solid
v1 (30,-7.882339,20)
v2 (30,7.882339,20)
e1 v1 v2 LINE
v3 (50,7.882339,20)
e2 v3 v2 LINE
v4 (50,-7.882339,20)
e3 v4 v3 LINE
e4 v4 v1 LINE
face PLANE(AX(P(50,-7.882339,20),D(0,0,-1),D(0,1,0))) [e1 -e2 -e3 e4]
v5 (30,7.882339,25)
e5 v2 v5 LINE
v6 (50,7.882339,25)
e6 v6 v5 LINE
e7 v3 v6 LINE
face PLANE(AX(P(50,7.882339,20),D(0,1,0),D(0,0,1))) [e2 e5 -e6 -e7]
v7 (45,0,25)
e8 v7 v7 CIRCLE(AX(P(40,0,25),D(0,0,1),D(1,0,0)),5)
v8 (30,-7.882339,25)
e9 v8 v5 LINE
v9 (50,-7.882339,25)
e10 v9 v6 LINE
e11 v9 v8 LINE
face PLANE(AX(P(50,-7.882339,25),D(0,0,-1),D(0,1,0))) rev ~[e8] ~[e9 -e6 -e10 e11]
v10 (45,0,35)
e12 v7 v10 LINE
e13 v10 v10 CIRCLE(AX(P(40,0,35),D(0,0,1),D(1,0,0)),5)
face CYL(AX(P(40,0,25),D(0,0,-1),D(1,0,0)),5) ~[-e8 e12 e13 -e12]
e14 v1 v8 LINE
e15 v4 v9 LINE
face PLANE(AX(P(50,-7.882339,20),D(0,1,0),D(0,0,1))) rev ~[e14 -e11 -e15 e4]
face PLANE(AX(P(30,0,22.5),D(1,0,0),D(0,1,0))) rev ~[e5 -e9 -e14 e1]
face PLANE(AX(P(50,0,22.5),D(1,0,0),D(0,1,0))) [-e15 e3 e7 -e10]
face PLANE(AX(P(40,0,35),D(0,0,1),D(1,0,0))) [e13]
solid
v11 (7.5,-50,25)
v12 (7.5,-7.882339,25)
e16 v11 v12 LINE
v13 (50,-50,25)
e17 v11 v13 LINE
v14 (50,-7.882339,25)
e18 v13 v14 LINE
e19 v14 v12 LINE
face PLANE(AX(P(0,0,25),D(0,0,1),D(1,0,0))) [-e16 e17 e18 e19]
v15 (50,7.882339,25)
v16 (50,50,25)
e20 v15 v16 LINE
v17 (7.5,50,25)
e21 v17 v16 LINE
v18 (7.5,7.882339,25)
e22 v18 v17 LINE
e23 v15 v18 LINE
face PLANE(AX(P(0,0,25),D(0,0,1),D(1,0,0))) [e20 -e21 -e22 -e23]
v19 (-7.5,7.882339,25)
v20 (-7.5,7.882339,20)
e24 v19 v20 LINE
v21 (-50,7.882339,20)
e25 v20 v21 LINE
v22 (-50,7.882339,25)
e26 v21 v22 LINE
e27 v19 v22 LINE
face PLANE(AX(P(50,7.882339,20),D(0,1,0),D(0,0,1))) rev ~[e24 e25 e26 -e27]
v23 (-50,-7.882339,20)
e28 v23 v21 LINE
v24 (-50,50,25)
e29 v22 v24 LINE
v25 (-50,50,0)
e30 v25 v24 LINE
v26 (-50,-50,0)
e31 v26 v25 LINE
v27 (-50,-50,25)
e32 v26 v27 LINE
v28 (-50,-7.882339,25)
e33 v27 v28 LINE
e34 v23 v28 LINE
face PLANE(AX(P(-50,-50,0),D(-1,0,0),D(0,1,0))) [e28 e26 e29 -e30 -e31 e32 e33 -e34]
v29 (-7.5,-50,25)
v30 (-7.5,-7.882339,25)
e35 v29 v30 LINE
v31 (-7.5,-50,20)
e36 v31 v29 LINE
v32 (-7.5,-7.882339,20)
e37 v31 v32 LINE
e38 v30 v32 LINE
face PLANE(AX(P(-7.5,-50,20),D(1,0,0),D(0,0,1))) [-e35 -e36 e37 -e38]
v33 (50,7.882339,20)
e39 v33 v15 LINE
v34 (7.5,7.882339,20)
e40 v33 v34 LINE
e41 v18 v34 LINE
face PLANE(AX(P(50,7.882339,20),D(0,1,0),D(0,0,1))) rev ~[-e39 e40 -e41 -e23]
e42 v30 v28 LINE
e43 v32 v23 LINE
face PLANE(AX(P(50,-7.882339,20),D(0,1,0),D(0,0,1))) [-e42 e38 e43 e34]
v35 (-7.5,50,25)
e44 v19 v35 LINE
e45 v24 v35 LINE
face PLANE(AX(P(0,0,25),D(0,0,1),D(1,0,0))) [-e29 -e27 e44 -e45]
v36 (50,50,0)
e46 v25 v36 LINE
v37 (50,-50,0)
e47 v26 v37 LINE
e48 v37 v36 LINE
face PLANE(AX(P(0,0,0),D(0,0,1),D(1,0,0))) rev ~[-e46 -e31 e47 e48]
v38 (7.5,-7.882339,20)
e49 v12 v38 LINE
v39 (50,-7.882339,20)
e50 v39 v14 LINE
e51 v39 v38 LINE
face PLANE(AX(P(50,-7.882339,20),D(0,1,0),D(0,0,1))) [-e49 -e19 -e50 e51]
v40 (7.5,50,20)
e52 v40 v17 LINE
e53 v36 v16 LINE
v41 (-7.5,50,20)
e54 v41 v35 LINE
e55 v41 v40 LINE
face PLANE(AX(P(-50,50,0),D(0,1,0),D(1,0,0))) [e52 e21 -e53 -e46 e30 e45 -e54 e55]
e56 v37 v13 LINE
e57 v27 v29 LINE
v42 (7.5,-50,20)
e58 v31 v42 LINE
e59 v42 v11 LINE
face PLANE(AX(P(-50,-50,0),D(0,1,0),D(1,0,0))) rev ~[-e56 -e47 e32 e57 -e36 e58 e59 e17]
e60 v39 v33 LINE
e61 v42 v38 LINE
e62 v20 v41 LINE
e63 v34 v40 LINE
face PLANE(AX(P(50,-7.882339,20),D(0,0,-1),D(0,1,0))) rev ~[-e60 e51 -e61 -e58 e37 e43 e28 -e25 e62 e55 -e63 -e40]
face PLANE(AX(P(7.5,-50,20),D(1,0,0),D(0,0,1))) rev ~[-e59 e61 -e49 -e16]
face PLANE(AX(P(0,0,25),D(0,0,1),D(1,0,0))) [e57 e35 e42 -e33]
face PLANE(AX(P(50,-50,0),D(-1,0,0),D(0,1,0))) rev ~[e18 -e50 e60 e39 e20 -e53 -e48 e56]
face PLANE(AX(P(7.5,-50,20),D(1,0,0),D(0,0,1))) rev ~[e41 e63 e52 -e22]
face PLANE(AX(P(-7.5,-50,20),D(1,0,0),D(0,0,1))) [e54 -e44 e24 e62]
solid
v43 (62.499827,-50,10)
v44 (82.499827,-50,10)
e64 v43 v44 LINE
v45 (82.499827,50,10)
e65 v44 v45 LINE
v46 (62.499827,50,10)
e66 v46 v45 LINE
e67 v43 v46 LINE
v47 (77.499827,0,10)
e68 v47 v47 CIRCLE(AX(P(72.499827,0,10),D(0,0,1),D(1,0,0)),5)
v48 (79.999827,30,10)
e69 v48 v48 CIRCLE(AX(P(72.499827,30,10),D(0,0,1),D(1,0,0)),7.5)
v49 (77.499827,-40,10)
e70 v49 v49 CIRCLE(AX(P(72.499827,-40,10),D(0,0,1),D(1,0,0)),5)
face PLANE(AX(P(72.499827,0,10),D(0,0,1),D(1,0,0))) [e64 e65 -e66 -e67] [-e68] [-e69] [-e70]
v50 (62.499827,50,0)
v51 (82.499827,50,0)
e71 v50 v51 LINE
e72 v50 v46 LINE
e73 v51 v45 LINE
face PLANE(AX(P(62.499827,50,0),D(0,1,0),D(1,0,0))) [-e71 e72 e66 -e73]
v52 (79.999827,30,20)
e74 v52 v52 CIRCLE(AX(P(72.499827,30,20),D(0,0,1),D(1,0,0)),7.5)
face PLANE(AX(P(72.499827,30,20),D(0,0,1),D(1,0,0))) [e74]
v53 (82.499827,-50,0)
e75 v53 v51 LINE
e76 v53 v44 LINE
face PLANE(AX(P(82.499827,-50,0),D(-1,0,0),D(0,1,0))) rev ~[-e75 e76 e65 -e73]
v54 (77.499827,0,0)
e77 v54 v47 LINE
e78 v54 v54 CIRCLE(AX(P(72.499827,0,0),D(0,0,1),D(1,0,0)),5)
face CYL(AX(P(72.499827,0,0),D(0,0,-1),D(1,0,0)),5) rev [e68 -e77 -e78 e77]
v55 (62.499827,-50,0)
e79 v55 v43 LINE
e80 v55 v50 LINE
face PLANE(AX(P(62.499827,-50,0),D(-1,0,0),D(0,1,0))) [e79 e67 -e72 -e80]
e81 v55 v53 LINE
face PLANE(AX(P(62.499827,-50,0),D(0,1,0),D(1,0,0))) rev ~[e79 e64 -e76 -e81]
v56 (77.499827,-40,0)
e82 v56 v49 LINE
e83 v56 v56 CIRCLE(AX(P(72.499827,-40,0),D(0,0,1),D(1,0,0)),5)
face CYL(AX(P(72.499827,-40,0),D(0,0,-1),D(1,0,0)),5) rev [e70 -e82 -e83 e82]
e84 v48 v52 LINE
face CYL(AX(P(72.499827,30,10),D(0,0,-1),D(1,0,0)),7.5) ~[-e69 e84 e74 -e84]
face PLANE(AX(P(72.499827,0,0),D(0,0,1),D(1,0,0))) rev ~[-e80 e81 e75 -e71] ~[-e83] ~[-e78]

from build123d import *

# Parameters (mm, degrees)
F0_W      = 100
F0_H      = 100
F1_DEPTH  = 25
F2_W      = 15.764678
F2_H      = 5
F3_DEPTH  = 100
F4_W      = 15
F4_H      = 5
F5_DEPTH  = 100
F6_DEPTH  = 20
F7_R      = 5
F8_DEPTH  = 10
F9_W      = 20
F9_H      = 100
F9_R      = 5
F10_DEPTH = 10
F11_R     = 7.5
F12_DEPTH = 10


with BuildPart() as f1:
    # F0 (on Top) → F1 (new body)
    with BuildSketch(Plane.XY):
        Rectangle(F0_W, F0_H)
    extrude(amount=F1_DEPTH)

    # F2 (on face) → F3 (cut, through all)
    with BuildSketch(Plane.YZ.offset(50)):
        with Locations((0, 22.5)):
            Rectangle(F2_W, F2_H)
    extrude(amount=-F3_DEPTH, mode=Mode.SUBTRACT)

    # F4 (on face) → F5 (cut, through all)
    with BuildSketch(Plane.XZ.offset(50)):
        with Locations((0, 22.5)):
            Rectangle(F4_W, F4_H)
    extrude(amount=-F5_DEPTH, mode=Mode.SUBTRACT)


with BuildPart() as f6:
    # F2 (on face) → F6 (new body)
    with BuildSketch(Plane.YZ.offset(50)):
        with Locations((0, 22.5)):
            Rectangle(F2_W, F2_H)
    extrude(amount=-F6_DEPTH)

    # F7 (on face) → F8 (join)
    with BuildSketch(Plane.XY.offset(25)):
        with Locations((40, 0)):
            Circle(F7_R)
    extrude(amount=F8_DEPTH)


with BuildPart() as f10:
    # F9 (on Top) → F10 (new body)
    with BuildSketch(Plane.XY):
        with Locations((72.499827, 0)):
            Rectangle(F9_W, F9_H)
        with Locations((72.499827, -40)):
            Circle(F9_R, mode=Mode.SUBTRACT)
        with Locations((72.499827, 0)):
            Circle(F9_R, mode=Mode.SUBTRACT)
    extrude(amount=F10_DEPTH)

    # F11 (on face) → F12 (join)
    with BuildSketch(Plane.XY.offset(10)):
        with Locations((72.499827, 30)):
            Circle(F11_R)
    extrude(amount=F12_DEPTH)


solid = Compound([f1.part, f6.part, f10.part])
